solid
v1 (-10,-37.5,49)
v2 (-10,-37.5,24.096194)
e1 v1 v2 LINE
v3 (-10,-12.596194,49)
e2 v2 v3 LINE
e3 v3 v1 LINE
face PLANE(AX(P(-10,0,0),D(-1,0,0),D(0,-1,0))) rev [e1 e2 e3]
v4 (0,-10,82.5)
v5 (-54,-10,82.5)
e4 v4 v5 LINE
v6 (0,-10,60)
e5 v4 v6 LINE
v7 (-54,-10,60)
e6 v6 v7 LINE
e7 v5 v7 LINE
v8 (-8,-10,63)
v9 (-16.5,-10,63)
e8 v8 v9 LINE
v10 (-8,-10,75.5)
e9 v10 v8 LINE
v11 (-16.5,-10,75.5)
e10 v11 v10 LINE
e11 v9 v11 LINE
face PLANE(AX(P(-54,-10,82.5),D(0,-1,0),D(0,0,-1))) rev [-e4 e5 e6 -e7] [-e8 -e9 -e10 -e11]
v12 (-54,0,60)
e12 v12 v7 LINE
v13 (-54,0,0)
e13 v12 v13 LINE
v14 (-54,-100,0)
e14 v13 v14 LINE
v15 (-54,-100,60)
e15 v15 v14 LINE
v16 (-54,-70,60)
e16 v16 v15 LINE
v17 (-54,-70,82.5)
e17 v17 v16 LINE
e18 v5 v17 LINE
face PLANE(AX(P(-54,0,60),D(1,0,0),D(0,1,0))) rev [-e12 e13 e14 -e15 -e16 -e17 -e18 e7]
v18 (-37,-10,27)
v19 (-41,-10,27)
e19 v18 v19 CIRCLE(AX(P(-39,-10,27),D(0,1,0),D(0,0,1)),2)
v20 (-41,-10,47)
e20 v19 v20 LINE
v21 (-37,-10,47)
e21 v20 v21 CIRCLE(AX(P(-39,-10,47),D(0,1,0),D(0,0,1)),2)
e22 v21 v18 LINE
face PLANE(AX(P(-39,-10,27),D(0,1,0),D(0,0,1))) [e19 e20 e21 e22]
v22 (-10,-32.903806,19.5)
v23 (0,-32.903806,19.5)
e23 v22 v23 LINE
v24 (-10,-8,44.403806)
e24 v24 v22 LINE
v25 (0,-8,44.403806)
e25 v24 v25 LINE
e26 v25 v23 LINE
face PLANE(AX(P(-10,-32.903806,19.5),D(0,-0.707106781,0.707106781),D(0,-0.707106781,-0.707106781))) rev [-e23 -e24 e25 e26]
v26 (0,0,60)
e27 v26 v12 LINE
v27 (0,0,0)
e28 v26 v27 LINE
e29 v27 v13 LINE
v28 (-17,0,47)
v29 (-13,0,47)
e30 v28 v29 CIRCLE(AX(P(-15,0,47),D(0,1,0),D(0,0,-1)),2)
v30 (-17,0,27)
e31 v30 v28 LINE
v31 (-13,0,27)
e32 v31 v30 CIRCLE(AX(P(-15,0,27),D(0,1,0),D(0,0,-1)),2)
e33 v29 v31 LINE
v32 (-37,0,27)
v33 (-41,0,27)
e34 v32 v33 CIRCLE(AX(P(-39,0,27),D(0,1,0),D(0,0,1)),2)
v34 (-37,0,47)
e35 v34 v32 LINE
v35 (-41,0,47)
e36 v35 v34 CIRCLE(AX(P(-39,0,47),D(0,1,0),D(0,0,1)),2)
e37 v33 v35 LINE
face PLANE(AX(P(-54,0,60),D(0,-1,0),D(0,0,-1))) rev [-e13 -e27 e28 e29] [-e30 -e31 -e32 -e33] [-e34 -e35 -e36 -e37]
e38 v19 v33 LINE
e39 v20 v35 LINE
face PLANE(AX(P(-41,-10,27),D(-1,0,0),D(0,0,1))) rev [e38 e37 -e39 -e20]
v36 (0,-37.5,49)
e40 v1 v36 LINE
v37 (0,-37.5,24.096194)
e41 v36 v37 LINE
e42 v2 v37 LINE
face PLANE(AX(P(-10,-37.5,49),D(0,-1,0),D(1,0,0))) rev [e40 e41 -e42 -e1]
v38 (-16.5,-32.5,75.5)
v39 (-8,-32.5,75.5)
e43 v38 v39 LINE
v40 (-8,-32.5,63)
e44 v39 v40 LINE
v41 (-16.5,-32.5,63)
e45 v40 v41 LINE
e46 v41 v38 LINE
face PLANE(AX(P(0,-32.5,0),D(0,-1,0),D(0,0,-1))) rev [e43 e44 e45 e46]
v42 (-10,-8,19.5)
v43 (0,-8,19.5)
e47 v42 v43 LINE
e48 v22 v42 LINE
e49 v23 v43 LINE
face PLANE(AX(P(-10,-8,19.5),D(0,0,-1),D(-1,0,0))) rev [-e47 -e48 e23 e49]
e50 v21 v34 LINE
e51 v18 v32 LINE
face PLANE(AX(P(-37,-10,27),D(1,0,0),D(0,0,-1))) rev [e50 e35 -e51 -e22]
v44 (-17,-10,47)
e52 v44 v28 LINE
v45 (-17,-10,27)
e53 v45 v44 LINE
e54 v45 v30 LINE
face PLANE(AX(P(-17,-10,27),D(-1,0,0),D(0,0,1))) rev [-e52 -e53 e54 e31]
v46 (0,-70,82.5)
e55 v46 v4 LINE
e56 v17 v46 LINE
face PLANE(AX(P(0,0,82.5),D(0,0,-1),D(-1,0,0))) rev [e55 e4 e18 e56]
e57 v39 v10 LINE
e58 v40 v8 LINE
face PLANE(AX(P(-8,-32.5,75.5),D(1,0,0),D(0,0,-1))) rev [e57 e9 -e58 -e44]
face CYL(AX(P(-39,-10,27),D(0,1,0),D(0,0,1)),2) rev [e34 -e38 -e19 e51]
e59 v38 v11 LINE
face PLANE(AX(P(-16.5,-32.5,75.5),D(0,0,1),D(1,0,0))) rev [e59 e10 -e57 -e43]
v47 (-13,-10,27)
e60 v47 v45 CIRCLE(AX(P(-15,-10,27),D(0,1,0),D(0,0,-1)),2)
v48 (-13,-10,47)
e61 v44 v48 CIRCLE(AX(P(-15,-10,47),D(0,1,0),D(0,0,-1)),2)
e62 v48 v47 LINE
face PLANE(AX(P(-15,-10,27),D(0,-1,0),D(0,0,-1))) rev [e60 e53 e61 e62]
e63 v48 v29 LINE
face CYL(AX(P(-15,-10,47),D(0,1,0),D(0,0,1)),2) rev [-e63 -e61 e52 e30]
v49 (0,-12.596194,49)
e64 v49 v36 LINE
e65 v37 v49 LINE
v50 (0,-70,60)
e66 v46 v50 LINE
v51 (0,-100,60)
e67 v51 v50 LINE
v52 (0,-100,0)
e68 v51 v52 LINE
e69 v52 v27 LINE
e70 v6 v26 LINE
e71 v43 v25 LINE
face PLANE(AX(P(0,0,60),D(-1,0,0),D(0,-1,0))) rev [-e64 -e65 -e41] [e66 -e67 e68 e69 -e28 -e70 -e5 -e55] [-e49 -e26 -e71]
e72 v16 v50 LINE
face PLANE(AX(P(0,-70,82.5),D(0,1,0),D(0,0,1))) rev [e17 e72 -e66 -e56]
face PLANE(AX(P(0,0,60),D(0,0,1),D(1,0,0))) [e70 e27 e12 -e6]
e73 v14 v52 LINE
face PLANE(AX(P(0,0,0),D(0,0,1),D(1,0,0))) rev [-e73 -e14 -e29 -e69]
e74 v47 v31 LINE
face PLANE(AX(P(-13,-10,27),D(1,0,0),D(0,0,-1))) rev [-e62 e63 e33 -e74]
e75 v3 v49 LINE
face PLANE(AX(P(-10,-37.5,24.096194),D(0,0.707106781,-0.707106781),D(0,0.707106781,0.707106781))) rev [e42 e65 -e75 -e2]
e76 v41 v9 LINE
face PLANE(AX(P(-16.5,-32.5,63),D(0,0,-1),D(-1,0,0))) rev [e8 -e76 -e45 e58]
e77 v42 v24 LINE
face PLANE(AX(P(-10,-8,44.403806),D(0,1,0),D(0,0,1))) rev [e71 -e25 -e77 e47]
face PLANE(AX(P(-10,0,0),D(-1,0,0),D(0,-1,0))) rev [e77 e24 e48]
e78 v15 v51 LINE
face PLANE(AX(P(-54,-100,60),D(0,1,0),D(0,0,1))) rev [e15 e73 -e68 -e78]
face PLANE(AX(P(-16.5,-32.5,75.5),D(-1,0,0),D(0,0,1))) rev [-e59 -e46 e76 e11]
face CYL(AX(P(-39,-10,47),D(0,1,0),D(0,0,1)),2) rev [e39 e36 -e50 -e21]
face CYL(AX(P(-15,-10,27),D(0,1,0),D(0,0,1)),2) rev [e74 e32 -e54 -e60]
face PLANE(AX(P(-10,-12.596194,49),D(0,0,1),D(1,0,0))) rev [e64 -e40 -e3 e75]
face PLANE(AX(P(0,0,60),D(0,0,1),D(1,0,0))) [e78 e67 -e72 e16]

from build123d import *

# Parameters (mm, degrees)
SKETCH_1_W          = 54
SKETCH_1_H          = 100
EXTRUDE_1_DEPTH     = 60
SKETCH_2_W          = 54
SKETCH_2_H          = 60
EXTRUDE_2_DEPTH     = 22.5
SKETCH_3_W          = 8.5
SKETCH_3_H          = 12.5
CUT_EXTRUDE_1_DEPTH = 22.5
CUT_EXTRUDE_2_DEPTH = 10
CUT_EXTRUDE_3_DEPTH = 10


with BuildPart() as part:
    # 草图1 → 凸台-拉伸1 (new body)
    with BuildSketch(Plane.XY):
        with Locations((-27, -50)):
            Rectangle(SKETCH_1_W, SKETCH_1_H)
    extrude(amount=EXTRUDE_1_DEPTH)

    # 草图2 → 凸台-拉伸2 (add)
    with BuildSketch(Plane.XY.offset(60)):
        with Locations((-27, -40)):
            Rectangle(SKETCH_2_W, SKETCH_2_H)
    extrude(amount=EXTRUDE_2_DEPTH)

    # 草图3 → 切除-拉伸1 (cut)
    with BuildSketch(Plane(origin=(0, -10, 0), x_dir=(1, 0, 0), z_dir=(0, 1, 0))):
        with Locations((-12.25, -69.25)):
            Rectangle(SKETCH_3_W, SKETCH_3_H)
    extrude(amount=-CUT_EXTRUDE_1_DEPTH, mode=Mode.SUBTRACT)

    # 草图4 → 切除-拉伸2 (cut)
    with BuildSketch(Plane(origin=(0, 0, 0), x_dir=(1, 0, 0), z_dir=(0, 1, 0))):
        with BuildLine():
            Line((-37, -27), (-37, -47))
            ThreePointArc((-37, -47), (-39, -49), (-41, -47))
            Line((-41, -47), (-41, -27))
            ThreePointArc((-41, -27), (-39, -25), (-37, -27))
        make_face()
        with BuildLine():
            Line((-17, -27), (-17, -47))
            ThreePointArc((-17, -47), (-15, -49), (-13, -47))
            Line((-13, -47), (-13, -27))
            ThreePointArc((-13, -27), (-15, -25), (-17, -27))
        make_face()
    extrude(amount=-CUT_EXTRUDE_2_DEPTH, mode=Mode.SUBTRACT)

    # 草图5 → 切除-拉伸3 (cut)
    with BuildSketch(Plane(origin=(0, 0, 0), x_dir=(0, 0, -1), z_dir=(1, 0, 0))):
        Polygon((-44.403805922, -8), (-19.5, -8), (-19.5, -32.903805922), align=None)
        Polygon((-24.096194078, -37.5), (-49, -12.596194078), (-49, -37.5), align=None)
    extrude(amount=-CUT_EXTRUDE_3_DEPTH, mode=Mode.SUBTRACT)


solid = part.part
